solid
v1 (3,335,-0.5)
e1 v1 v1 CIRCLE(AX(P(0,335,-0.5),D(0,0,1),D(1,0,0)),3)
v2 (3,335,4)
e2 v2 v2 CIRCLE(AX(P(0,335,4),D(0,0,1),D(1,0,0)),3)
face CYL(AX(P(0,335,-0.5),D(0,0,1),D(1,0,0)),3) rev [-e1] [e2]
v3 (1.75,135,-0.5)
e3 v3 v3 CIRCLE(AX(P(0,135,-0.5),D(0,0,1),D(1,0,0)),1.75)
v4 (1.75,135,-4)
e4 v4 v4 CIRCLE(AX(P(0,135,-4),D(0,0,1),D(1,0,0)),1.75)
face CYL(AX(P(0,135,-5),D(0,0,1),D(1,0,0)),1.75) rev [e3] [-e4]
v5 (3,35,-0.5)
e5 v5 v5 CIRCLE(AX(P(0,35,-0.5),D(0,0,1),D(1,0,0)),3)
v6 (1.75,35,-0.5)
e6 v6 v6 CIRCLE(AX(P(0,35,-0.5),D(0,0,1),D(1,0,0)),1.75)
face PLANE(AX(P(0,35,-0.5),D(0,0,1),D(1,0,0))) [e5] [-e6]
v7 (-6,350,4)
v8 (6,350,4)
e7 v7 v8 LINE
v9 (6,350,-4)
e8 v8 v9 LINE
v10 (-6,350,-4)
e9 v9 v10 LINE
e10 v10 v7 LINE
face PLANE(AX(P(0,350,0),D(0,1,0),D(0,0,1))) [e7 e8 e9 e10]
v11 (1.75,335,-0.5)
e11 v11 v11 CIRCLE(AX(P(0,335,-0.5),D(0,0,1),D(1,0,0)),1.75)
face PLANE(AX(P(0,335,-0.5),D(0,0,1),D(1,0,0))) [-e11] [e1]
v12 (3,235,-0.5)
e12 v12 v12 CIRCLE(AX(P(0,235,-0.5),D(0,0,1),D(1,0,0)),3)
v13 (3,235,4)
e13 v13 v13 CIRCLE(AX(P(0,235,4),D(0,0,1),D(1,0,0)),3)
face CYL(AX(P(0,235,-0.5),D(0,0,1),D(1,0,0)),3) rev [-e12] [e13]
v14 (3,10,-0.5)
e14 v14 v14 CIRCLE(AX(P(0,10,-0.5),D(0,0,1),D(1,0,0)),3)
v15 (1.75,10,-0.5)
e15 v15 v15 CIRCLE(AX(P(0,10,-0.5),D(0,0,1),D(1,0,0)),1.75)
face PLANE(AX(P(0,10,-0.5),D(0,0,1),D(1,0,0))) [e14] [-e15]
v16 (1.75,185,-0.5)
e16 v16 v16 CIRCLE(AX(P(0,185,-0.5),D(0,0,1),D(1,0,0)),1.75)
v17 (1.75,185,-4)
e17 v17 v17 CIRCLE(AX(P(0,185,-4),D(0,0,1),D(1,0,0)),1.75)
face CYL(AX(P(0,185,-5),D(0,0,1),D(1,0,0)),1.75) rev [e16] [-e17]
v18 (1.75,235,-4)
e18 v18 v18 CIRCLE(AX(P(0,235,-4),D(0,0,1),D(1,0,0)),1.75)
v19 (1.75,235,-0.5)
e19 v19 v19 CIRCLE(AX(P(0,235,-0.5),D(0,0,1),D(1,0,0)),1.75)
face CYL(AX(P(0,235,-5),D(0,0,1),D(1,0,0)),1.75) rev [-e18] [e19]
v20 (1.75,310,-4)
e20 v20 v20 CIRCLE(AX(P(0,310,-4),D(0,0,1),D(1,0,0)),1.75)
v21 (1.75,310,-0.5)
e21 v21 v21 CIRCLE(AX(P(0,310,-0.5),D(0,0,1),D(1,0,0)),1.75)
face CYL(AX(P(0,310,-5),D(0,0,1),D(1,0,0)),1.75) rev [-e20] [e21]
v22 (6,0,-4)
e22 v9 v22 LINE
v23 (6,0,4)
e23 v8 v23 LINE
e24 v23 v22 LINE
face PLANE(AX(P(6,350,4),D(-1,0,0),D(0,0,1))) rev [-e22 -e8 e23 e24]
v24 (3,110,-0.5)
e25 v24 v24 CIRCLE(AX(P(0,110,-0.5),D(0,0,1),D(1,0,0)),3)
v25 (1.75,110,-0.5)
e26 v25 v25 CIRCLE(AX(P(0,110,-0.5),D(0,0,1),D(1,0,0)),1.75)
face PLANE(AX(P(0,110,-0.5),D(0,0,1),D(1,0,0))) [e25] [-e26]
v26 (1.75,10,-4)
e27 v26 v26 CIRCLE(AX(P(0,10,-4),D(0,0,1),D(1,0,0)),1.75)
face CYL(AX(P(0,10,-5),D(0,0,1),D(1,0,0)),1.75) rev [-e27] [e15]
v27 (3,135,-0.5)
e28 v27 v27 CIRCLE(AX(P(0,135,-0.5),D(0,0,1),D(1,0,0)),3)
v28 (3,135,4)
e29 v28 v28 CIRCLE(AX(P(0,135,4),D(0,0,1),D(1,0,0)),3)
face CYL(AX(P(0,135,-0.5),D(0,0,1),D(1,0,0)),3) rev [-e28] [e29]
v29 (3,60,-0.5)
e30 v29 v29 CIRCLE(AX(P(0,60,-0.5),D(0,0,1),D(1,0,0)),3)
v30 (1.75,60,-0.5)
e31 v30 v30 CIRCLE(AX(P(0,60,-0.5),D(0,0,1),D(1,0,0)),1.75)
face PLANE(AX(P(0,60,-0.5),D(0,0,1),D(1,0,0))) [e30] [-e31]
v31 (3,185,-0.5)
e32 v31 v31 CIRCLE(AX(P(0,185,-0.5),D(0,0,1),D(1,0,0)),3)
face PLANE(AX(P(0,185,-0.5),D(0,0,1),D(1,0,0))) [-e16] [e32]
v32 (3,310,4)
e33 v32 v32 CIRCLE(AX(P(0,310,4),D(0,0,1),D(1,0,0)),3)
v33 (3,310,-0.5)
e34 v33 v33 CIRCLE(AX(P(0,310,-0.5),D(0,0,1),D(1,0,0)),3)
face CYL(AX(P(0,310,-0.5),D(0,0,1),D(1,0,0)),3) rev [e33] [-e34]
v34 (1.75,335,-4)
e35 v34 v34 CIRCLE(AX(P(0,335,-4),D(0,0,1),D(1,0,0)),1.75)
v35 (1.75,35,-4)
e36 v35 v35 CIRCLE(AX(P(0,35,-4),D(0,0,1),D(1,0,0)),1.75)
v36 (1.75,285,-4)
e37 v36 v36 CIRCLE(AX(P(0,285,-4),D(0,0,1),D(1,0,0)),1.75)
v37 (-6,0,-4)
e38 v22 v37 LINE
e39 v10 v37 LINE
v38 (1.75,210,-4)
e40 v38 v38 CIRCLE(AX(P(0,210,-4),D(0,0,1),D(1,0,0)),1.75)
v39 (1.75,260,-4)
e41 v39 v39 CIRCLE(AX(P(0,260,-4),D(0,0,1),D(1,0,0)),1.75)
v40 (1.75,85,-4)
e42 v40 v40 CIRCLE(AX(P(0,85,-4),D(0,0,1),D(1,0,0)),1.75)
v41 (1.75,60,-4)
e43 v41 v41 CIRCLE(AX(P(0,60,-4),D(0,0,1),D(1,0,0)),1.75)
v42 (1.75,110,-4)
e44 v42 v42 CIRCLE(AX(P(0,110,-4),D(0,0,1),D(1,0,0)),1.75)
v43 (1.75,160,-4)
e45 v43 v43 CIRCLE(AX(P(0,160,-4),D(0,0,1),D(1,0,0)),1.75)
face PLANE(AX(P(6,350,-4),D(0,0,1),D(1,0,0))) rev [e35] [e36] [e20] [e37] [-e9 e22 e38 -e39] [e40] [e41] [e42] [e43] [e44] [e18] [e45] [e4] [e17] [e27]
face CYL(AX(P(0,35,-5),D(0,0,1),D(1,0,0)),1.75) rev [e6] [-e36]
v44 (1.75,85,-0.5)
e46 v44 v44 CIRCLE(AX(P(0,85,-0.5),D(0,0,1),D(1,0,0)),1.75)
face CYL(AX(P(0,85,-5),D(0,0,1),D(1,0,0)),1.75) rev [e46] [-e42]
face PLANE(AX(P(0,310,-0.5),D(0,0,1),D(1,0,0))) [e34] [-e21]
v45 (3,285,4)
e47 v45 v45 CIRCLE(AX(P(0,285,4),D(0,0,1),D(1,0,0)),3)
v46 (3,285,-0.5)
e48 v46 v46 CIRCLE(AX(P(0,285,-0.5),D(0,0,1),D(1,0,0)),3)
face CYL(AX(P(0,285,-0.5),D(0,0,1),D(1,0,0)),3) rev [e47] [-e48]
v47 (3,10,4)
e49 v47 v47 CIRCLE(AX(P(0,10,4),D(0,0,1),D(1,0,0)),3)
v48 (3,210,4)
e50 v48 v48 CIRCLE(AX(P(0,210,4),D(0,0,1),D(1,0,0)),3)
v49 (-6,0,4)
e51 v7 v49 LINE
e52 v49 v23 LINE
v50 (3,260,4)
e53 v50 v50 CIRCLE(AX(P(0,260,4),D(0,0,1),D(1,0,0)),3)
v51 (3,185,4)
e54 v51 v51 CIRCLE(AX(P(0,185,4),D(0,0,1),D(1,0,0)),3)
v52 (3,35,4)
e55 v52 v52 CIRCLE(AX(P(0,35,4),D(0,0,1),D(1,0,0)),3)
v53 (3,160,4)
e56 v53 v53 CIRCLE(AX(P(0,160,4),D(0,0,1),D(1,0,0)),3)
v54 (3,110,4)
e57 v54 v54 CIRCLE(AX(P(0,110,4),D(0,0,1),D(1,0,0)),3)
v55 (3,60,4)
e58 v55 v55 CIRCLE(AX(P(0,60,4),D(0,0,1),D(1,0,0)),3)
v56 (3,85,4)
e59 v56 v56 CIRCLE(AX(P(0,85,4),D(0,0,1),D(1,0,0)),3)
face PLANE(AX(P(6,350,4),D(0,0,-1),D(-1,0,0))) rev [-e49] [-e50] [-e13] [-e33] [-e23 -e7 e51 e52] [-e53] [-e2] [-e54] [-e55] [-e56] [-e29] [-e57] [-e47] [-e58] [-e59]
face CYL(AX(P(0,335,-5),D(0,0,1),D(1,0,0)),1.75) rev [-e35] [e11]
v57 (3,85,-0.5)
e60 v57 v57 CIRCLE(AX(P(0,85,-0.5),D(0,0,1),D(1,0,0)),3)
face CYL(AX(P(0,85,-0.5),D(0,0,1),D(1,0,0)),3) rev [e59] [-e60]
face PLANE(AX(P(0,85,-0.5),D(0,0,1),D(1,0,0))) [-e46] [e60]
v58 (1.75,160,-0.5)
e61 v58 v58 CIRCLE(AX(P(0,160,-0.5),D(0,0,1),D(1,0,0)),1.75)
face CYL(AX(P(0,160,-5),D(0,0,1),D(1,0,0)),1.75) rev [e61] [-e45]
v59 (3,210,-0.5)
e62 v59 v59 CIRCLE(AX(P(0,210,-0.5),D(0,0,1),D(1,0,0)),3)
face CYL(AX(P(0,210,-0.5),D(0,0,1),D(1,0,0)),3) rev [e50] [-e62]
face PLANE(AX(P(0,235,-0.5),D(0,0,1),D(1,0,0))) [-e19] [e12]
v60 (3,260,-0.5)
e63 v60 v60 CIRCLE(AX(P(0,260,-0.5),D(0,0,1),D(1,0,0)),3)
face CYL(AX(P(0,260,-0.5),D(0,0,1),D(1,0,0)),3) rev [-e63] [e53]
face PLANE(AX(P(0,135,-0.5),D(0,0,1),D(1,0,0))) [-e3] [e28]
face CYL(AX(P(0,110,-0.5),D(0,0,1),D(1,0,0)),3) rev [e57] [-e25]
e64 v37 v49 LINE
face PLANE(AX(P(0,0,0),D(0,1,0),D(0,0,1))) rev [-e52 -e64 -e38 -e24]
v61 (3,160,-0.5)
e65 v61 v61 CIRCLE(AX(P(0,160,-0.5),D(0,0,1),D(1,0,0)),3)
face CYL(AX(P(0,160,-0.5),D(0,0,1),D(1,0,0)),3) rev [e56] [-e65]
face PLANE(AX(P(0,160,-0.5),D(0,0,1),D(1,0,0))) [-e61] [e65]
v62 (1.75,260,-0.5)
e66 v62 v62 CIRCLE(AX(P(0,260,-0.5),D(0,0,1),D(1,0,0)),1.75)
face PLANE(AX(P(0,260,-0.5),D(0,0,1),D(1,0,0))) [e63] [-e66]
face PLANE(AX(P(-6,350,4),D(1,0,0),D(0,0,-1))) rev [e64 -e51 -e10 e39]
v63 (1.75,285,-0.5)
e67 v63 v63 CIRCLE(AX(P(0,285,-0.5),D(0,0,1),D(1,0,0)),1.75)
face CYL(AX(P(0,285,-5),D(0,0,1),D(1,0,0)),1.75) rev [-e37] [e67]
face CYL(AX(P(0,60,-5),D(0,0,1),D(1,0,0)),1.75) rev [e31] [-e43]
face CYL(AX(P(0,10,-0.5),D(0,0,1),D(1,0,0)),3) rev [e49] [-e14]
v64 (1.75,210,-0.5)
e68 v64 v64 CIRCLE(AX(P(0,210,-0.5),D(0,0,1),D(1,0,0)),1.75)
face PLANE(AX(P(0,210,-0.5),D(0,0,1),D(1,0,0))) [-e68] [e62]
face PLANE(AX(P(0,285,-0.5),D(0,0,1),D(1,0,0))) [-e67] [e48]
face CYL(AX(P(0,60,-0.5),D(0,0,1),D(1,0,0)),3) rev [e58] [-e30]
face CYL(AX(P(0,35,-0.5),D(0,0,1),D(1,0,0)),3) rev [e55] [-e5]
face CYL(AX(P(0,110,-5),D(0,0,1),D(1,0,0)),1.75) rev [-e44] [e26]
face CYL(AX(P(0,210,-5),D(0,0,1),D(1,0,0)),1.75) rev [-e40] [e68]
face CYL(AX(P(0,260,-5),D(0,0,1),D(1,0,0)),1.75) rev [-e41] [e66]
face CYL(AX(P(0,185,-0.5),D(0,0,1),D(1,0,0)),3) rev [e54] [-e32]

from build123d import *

# Parameters (mm, degrees)
SKETCH_1_W             = 12
SKETCH_1_H             = 8
EXTRUDE_1_DEPTH        = 350
SKETCH_2_R             = 3
CUT_EXTRUDE_1_DEPTH    = 4.5
SKETCH_3_R             = 1.75
CUT_EXTRUDE_2_DEPTH    = 4.5
PATTERN_LINEAR_1_COUNT = 14
PATTERN_LINEAR_1_PITCH = 25


with BuildPart() as part:
    # 草图1 → 凸台-拉伸1 (new body)
    with BuildSketch(Plane(origin=(0, 0, 0), x_dir=(1, 0, 0), z_dir=(0, 1, 0))):
        Rectangle(SKETCH_1_W, SKETCH_1_H)
    extrude(amount=EXTRUDE_1_DEPTH)

    # 草图2 → 切除-拉伸1 (cut)
    with BuildSketch(Plane.XY.offset(4)):
        with Locations((0, 10)):
            Circle(SKETCH_2_R)
    cut_extrude_1 = extrude(amount=-CUT_EXTRUDE_1_DEPTH, mode=Mode.SUBTRACT)

    # 草图3 → 切除-拉伸2 (cut)
    with BuildSketch(Plane.XY.offset(-0.5)):
        with Locations((0, 10)):
            Circle(SKETCH_3_R)
    cut_extrude_2 = extrude(amount=-CUT_EXTRUDE_2_DEPTH, mode=Mode.SUBTRACT)

    # 阵列(线性)1: 切除-拉伸1, 切除-拉伸2 ×14
    with Locations(*[(0, i * PATTERN_LINEAR_1_PITCH, 0) for i in range(1, PATTERN_LINEAR_1_COUNT)]):
        add(cut_extrude_1, mode=Mode.SUBTRACT)
        add(cut_extrude_2, mode=Mode.SUBTRACT)


solid = part.part
